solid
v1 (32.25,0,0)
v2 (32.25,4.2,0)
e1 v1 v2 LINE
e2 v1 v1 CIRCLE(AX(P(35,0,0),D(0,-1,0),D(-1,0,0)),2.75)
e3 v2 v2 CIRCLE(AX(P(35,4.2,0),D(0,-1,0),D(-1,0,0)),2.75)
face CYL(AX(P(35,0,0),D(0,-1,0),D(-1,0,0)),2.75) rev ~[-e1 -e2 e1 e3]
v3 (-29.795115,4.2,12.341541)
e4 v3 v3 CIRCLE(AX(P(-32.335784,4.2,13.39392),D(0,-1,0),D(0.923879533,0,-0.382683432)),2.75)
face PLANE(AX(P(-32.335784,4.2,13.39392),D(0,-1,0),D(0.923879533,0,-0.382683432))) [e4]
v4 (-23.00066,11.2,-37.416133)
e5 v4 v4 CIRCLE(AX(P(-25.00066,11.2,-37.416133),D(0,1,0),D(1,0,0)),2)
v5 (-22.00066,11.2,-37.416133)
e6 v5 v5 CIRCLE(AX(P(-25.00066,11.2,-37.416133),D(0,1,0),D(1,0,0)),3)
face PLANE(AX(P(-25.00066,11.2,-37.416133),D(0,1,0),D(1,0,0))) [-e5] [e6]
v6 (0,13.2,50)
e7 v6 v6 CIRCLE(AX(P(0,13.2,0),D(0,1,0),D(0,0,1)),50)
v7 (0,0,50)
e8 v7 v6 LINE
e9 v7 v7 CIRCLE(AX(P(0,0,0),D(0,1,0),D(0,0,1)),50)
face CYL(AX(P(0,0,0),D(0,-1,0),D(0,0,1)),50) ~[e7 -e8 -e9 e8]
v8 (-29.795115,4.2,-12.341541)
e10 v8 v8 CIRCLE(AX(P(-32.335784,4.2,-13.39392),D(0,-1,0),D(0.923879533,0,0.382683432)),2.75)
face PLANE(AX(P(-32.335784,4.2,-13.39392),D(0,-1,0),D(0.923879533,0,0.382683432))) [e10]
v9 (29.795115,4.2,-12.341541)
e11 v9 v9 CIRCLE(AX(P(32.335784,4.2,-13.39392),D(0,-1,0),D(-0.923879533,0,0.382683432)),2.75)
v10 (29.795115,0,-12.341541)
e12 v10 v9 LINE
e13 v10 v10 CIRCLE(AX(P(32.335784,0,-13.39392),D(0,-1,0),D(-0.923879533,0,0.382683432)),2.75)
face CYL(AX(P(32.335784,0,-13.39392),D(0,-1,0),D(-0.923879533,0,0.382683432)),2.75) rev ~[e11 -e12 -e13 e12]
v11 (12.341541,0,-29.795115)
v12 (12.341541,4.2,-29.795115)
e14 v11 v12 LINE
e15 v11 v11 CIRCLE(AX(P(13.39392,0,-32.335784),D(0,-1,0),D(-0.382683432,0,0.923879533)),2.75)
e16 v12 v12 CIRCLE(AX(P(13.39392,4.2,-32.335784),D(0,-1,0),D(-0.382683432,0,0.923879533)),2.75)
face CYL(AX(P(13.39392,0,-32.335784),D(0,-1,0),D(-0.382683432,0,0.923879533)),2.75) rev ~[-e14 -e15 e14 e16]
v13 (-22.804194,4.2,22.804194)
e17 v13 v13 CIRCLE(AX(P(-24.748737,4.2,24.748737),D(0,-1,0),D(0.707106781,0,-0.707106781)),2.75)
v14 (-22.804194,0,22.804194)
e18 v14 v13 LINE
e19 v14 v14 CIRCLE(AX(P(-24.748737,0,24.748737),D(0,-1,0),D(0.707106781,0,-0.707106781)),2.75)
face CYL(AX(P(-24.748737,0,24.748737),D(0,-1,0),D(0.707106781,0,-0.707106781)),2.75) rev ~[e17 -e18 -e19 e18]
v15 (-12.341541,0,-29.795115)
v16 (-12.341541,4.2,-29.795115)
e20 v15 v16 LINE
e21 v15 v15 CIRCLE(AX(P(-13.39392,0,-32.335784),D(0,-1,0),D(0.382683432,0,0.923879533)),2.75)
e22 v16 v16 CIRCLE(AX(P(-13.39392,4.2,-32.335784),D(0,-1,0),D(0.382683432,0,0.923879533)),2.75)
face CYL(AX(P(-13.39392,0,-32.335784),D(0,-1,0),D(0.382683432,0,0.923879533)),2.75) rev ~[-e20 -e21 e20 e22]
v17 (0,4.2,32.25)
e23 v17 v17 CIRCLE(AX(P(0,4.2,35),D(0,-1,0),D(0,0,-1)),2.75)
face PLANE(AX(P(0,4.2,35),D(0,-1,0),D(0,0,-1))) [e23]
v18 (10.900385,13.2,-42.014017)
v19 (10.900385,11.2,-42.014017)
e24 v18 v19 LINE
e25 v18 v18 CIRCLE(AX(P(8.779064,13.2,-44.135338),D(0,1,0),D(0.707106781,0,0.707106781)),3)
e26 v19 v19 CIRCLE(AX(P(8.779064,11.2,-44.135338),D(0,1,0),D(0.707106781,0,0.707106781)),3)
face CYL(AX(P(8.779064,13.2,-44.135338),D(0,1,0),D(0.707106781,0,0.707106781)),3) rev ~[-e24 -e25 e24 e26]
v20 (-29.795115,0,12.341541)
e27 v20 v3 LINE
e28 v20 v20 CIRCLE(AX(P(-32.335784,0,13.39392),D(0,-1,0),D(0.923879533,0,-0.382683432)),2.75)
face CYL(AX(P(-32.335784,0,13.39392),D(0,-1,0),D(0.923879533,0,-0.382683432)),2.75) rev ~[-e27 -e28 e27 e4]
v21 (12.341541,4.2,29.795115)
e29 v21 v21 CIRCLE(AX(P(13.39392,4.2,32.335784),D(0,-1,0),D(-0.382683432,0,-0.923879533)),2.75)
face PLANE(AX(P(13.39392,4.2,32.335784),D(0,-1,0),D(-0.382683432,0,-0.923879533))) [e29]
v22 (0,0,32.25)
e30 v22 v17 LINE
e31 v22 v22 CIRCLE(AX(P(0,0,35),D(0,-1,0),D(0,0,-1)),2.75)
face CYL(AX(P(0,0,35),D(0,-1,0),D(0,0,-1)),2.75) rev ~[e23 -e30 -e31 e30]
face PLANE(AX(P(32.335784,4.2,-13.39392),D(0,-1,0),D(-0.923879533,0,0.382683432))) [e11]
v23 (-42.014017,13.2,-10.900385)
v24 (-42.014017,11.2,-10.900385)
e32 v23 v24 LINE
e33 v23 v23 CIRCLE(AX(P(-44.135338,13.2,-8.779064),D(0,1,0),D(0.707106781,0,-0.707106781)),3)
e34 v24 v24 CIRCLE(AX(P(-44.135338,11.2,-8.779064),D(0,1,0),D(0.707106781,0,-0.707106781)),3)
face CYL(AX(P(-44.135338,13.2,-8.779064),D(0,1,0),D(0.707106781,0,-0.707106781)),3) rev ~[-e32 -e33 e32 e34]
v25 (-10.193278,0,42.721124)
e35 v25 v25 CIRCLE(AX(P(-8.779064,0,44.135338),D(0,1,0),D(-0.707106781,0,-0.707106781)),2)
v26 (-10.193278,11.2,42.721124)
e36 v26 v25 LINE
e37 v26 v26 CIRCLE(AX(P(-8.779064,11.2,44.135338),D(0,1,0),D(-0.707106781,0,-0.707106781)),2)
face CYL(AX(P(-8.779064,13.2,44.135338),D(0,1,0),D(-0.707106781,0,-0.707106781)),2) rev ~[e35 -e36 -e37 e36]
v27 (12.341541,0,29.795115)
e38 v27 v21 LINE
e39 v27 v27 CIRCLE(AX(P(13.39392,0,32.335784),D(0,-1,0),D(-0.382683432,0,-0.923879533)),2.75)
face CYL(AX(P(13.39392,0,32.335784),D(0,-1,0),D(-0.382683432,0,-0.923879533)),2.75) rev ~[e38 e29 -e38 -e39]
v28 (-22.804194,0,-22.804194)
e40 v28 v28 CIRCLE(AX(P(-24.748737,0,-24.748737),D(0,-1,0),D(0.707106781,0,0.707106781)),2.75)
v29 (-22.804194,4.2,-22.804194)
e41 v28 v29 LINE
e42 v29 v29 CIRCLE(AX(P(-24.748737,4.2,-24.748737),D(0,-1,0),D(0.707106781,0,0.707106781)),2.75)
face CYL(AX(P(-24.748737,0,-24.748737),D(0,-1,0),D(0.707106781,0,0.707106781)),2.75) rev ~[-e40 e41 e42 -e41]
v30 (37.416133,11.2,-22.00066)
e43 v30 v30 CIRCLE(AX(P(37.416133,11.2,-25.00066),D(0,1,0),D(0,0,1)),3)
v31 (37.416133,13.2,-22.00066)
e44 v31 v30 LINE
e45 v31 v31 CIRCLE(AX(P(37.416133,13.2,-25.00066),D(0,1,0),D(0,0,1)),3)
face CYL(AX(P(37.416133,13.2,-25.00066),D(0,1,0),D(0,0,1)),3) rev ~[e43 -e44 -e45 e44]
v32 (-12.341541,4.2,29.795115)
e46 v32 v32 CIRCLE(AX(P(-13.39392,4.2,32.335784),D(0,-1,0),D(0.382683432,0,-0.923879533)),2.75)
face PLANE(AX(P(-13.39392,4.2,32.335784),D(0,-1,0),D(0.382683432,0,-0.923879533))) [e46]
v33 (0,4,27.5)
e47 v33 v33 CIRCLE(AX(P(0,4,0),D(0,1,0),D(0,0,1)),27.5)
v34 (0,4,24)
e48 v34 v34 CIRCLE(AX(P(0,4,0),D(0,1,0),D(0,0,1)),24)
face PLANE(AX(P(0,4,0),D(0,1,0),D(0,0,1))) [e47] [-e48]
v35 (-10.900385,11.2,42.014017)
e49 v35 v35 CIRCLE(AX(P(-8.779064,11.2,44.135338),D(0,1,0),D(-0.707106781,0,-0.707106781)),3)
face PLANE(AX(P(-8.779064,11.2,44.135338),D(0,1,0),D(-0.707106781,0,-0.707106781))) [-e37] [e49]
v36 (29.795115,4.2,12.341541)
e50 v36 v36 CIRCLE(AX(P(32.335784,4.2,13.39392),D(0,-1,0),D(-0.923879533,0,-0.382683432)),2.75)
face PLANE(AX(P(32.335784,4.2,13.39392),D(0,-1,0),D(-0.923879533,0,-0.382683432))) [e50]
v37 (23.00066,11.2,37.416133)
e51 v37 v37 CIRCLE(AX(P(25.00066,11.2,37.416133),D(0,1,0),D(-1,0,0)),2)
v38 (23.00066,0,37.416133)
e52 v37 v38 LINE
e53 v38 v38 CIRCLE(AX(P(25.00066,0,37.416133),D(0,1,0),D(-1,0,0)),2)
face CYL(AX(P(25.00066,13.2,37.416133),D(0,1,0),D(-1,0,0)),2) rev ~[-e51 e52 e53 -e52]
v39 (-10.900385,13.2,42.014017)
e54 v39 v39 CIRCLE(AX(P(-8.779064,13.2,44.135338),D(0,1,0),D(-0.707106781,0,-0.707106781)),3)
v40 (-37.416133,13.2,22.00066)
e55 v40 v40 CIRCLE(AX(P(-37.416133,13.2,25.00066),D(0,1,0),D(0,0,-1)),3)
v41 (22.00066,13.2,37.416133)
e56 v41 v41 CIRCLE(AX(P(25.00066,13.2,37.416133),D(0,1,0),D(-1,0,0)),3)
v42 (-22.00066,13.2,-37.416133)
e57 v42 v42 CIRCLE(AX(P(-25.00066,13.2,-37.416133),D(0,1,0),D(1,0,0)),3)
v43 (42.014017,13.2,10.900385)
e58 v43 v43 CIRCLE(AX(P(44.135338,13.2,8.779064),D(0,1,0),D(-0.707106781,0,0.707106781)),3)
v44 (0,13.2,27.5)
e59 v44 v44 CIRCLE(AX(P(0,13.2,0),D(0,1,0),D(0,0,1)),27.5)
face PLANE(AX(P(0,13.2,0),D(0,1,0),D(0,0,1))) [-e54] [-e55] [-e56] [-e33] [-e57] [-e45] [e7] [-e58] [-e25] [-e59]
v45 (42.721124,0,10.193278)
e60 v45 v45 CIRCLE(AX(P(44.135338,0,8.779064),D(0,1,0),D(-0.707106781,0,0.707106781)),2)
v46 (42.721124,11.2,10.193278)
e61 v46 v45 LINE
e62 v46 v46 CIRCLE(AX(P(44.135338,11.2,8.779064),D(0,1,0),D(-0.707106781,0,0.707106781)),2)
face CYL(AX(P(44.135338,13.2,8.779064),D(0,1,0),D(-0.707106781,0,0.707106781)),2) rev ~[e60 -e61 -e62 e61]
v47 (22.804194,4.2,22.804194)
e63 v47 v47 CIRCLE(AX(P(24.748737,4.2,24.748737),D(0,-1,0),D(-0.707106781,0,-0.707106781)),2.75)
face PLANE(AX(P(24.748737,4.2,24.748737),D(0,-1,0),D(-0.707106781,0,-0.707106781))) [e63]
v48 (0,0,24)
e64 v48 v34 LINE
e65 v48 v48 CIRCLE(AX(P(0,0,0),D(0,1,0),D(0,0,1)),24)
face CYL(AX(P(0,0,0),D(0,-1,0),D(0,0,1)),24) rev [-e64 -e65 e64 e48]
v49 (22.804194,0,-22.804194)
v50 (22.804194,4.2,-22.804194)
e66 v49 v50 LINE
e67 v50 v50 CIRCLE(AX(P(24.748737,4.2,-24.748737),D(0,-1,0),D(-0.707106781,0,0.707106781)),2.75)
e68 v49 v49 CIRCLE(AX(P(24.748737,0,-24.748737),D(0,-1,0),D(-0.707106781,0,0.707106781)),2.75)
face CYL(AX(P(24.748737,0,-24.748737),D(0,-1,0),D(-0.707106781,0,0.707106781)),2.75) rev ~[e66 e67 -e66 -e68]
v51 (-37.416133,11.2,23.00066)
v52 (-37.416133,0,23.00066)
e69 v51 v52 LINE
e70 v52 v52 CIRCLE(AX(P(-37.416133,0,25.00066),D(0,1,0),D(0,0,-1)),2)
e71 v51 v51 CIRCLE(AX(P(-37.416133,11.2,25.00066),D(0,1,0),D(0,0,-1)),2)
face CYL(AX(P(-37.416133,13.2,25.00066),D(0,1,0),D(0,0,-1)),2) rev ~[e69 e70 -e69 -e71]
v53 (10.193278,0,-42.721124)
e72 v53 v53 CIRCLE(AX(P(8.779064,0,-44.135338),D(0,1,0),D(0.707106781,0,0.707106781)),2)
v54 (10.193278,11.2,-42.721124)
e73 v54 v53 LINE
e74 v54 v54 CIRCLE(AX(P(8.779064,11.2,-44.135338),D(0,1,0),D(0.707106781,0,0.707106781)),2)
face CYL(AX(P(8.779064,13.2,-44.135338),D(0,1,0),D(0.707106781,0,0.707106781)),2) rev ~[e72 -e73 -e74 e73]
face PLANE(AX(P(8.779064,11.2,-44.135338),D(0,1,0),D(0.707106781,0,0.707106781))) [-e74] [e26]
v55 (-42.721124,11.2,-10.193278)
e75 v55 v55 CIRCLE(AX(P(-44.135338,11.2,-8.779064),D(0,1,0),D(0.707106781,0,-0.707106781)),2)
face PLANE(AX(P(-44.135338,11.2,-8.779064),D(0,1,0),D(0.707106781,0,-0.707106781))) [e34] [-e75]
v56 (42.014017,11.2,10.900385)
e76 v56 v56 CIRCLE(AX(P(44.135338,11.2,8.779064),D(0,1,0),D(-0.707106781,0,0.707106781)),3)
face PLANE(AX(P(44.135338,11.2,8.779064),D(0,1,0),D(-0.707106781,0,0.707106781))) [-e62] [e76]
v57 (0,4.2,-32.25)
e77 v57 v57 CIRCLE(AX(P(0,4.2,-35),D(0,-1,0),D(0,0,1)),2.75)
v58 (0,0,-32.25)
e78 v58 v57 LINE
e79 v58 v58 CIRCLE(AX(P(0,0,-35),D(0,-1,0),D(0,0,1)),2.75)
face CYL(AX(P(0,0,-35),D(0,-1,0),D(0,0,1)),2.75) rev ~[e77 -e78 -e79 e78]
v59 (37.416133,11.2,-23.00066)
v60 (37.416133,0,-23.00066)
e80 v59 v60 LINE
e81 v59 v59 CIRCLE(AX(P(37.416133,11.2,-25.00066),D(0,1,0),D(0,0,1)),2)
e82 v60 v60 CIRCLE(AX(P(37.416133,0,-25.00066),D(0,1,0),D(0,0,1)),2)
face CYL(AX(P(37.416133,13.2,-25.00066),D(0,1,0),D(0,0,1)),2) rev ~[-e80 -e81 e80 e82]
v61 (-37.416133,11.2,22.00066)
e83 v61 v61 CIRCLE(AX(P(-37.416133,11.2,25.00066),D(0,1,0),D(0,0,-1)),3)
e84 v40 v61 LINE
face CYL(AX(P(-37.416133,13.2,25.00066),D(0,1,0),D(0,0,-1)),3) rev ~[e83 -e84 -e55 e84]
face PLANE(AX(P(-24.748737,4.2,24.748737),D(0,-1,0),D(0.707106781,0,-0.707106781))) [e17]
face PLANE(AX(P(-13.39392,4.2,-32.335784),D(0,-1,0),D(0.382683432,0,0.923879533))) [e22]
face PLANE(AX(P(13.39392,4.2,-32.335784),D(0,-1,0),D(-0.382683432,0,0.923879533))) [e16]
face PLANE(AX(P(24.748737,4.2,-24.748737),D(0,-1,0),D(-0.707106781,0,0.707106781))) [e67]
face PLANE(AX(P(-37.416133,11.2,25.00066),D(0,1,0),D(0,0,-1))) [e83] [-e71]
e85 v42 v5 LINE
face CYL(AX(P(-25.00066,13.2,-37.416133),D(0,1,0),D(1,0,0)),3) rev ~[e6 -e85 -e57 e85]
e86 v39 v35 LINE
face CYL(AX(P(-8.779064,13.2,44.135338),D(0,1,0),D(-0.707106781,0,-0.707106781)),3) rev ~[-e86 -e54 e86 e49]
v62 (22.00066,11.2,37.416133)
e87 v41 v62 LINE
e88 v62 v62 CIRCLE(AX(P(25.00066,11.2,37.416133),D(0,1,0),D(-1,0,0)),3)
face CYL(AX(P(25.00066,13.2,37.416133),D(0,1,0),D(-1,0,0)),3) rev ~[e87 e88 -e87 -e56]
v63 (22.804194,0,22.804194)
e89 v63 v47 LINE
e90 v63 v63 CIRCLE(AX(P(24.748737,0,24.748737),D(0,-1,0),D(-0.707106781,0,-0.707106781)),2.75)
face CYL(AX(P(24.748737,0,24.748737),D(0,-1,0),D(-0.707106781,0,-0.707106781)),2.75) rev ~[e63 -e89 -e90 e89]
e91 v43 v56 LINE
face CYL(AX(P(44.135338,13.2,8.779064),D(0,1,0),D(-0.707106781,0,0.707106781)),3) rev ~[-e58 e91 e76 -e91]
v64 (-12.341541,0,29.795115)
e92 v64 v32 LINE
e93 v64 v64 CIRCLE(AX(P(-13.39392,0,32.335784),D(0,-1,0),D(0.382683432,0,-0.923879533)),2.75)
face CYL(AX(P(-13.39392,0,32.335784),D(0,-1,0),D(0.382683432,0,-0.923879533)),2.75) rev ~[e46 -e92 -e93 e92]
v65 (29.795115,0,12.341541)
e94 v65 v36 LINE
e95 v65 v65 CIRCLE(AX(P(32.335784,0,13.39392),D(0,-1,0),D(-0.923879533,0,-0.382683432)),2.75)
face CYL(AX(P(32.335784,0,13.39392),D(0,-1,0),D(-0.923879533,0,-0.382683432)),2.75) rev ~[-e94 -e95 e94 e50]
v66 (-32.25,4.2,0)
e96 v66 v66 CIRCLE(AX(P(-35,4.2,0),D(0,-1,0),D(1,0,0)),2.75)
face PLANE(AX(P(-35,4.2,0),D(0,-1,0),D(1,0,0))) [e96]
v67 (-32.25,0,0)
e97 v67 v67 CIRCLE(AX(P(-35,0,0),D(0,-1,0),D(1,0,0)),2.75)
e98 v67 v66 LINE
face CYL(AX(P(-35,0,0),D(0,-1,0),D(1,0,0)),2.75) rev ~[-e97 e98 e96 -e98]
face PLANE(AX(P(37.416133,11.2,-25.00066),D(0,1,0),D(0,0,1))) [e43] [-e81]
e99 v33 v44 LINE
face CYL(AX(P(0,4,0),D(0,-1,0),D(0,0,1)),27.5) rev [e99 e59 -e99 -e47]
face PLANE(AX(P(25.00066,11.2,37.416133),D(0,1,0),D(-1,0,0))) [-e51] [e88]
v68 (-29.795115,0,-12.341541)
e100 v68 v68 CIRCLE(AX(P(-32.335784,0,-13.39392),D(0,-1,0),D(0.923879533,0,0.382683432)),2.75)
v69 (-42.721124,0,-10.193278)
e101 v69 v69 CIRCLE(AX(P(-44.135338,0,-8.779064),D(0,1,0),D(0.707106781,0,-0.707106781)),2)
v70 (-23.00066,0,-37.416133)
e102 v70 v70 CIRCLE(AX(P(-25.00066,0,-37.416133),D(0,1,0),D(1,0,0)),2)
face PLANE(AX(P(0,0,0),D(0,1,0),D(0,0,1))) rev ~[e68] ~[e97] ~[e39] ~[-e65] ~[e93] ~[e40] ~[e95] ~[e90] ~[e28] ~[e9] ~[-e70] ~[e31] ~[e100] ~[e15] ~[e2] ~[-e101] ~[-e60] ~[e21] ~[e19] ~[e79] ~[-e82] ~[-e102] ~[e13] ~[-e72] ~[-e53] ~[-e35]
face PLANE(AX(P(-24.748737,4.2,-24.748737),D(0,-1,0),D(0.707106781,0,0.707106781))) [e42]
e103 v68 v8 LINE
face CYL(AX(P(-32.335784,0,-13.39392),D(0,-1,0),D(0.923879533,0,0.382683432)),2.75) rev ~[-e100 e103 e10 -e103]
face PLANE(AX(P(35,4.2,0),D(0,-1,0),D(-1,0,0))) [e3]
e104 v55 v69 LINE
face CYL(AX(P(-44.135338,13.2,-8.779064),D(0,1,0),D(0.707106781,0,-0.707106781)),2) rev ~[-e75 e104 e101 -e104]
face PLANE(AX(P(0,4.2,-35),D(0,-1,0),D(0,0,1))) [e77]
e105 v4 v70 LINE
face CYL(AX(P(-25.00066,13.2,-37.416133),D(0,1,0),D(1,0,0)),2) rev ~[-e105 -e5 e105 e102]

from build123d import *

# Parameters (mm, degrees)
SKETCH1_R           = 50
SKETCH1_R_2         = 24
BOSS_EXTRUDE1_DEPTH = 13.2
SKETCH2_R           = 2
CUT_EXTRUDE3_DEPTH  = 13.2
SKETCH2_6_R         = 3
CUT_EXTRUDE4_DEPTH  = 2
CIRPATTERN2_COUNT   = 8
CIRPATTERN3_COUNT   = 8
SKETCH3_R           = 2.75
CUT_EXTRUDE5_DEPTH  = 4.2
CIRPATTERN4_COUNT   = 16
CUT_EXTRUDE9_START  = -9.2
SKETCH5_R           = 27.5
SKETCH5_R_2         = 24
CUT_EXTRUDE9_DEPTH  = 9.2


with BuildPart() as part:
    # Sketch1 → Boss-Extrude1 (new body)
    with BuildSketch(Plane(origin=(0, 0, 0), x_dir=(1, 0, 0), z_dir=(0, 1, 0))):
        Circle(SKETCH1_R)
        Circle(SKETCH1_R_2, mode=Mode.SUBTRACT)
    extrude(amount=BOSS_EXTRUDE1_DEPTH)

    # Sketch2 → Cut-Extrude3 (cut)
    with BuildSketch(Plane(origin=(0, 13.2, 0), x_dir=(1, 0, 0), z_dir=(0, 1, 0))):
        with Locations((37.416132554, 25.000660486)):
            Circle(SKETCH2_R)
    cut_extrude3 = extrude(amount=-CUT_EXTRUDE3_DEPTH, mode=Mode.SUBTRACT)

    # Sketch2<6> → Cut-Extrude4 (cut)
    with BuildSketch(Plane(origin=(0, 13.2, 0), x_dir=(1, 0, 0), z_dir=(0, 1, 0))):
        with Locations((37.416132554, 25.000660486)):
            Circle(SKETCH2_6_R)
    cut_extrude4 = extrude(amount=-CUT_EXTRUDE4_DEPTH, mode=Mode.SUBTRACT)

    # CirPattern2: Cut-Extrude3 ×8 about axis
    cirpattern2_axis = Axis((0, 13.2, 0), (0, 1, 0))
    for i in range(1, CIRPATTERN2_COUNT):
        add(cut_extrude3.rotate(cirpattern2_axis, i * 360 / CIRPATTERN2_COUNT), mode=Mode.SUBTRACT)

    # CirPattern3: Cut-Extrude4 ×8 about axis
    cirpattern3_axis = Axis((0, 13.2, 0), (0, 1, 0))
    for i in range(1, CIRPATTERN3_COUNT):
        add(cut_extrude4.rotate(cirpattern3_axis, i * 360 / CIRPATTERN3_COUNT), mode=Mode.SUBTRACT)

    # Sketch3 → Cut-Extrude5 (cut)
    with BuildSketch(Plane.XZ):
        with Locations((0, 35)):
            Circle(SKETCH3_R)
    cut_extrude5 = extrude(amount=-CUT_EXTRUDE5_DEPTH, mode=Mode.SUBTRACT)

    # CirPattern4: Cut-Extrude5 ×16 about axis
    cirpattern4_axis = Axis((0, 0, 0), (0, 1, 0))
    for i in range(1, CIRPATTERN4_COUNT):
        add(cut_extrude5.rotate(cirpattern4_axis, i * 360 / CIRPATTERN4_COUNT), mode=Mode.SUBTRACT)

    # Sketch5 → Cut-Extrude9 (cut)
    with BuildSketch(Plane(origin=(0, 13.2, 0), x_dir=(1, 0, 0), z_dir=(0, 1, 0)).offset(CUT_EXTRUDE9_START)):
        Circle(SKETCH5_R)
        Circle(SKETCH5_R_2, mode=Mode.SUBTRACT)
    extrude(amount=CUT_EXTRUDE9_DEPTH, mode=Mode.SUBTRACT)


solid = part.part
